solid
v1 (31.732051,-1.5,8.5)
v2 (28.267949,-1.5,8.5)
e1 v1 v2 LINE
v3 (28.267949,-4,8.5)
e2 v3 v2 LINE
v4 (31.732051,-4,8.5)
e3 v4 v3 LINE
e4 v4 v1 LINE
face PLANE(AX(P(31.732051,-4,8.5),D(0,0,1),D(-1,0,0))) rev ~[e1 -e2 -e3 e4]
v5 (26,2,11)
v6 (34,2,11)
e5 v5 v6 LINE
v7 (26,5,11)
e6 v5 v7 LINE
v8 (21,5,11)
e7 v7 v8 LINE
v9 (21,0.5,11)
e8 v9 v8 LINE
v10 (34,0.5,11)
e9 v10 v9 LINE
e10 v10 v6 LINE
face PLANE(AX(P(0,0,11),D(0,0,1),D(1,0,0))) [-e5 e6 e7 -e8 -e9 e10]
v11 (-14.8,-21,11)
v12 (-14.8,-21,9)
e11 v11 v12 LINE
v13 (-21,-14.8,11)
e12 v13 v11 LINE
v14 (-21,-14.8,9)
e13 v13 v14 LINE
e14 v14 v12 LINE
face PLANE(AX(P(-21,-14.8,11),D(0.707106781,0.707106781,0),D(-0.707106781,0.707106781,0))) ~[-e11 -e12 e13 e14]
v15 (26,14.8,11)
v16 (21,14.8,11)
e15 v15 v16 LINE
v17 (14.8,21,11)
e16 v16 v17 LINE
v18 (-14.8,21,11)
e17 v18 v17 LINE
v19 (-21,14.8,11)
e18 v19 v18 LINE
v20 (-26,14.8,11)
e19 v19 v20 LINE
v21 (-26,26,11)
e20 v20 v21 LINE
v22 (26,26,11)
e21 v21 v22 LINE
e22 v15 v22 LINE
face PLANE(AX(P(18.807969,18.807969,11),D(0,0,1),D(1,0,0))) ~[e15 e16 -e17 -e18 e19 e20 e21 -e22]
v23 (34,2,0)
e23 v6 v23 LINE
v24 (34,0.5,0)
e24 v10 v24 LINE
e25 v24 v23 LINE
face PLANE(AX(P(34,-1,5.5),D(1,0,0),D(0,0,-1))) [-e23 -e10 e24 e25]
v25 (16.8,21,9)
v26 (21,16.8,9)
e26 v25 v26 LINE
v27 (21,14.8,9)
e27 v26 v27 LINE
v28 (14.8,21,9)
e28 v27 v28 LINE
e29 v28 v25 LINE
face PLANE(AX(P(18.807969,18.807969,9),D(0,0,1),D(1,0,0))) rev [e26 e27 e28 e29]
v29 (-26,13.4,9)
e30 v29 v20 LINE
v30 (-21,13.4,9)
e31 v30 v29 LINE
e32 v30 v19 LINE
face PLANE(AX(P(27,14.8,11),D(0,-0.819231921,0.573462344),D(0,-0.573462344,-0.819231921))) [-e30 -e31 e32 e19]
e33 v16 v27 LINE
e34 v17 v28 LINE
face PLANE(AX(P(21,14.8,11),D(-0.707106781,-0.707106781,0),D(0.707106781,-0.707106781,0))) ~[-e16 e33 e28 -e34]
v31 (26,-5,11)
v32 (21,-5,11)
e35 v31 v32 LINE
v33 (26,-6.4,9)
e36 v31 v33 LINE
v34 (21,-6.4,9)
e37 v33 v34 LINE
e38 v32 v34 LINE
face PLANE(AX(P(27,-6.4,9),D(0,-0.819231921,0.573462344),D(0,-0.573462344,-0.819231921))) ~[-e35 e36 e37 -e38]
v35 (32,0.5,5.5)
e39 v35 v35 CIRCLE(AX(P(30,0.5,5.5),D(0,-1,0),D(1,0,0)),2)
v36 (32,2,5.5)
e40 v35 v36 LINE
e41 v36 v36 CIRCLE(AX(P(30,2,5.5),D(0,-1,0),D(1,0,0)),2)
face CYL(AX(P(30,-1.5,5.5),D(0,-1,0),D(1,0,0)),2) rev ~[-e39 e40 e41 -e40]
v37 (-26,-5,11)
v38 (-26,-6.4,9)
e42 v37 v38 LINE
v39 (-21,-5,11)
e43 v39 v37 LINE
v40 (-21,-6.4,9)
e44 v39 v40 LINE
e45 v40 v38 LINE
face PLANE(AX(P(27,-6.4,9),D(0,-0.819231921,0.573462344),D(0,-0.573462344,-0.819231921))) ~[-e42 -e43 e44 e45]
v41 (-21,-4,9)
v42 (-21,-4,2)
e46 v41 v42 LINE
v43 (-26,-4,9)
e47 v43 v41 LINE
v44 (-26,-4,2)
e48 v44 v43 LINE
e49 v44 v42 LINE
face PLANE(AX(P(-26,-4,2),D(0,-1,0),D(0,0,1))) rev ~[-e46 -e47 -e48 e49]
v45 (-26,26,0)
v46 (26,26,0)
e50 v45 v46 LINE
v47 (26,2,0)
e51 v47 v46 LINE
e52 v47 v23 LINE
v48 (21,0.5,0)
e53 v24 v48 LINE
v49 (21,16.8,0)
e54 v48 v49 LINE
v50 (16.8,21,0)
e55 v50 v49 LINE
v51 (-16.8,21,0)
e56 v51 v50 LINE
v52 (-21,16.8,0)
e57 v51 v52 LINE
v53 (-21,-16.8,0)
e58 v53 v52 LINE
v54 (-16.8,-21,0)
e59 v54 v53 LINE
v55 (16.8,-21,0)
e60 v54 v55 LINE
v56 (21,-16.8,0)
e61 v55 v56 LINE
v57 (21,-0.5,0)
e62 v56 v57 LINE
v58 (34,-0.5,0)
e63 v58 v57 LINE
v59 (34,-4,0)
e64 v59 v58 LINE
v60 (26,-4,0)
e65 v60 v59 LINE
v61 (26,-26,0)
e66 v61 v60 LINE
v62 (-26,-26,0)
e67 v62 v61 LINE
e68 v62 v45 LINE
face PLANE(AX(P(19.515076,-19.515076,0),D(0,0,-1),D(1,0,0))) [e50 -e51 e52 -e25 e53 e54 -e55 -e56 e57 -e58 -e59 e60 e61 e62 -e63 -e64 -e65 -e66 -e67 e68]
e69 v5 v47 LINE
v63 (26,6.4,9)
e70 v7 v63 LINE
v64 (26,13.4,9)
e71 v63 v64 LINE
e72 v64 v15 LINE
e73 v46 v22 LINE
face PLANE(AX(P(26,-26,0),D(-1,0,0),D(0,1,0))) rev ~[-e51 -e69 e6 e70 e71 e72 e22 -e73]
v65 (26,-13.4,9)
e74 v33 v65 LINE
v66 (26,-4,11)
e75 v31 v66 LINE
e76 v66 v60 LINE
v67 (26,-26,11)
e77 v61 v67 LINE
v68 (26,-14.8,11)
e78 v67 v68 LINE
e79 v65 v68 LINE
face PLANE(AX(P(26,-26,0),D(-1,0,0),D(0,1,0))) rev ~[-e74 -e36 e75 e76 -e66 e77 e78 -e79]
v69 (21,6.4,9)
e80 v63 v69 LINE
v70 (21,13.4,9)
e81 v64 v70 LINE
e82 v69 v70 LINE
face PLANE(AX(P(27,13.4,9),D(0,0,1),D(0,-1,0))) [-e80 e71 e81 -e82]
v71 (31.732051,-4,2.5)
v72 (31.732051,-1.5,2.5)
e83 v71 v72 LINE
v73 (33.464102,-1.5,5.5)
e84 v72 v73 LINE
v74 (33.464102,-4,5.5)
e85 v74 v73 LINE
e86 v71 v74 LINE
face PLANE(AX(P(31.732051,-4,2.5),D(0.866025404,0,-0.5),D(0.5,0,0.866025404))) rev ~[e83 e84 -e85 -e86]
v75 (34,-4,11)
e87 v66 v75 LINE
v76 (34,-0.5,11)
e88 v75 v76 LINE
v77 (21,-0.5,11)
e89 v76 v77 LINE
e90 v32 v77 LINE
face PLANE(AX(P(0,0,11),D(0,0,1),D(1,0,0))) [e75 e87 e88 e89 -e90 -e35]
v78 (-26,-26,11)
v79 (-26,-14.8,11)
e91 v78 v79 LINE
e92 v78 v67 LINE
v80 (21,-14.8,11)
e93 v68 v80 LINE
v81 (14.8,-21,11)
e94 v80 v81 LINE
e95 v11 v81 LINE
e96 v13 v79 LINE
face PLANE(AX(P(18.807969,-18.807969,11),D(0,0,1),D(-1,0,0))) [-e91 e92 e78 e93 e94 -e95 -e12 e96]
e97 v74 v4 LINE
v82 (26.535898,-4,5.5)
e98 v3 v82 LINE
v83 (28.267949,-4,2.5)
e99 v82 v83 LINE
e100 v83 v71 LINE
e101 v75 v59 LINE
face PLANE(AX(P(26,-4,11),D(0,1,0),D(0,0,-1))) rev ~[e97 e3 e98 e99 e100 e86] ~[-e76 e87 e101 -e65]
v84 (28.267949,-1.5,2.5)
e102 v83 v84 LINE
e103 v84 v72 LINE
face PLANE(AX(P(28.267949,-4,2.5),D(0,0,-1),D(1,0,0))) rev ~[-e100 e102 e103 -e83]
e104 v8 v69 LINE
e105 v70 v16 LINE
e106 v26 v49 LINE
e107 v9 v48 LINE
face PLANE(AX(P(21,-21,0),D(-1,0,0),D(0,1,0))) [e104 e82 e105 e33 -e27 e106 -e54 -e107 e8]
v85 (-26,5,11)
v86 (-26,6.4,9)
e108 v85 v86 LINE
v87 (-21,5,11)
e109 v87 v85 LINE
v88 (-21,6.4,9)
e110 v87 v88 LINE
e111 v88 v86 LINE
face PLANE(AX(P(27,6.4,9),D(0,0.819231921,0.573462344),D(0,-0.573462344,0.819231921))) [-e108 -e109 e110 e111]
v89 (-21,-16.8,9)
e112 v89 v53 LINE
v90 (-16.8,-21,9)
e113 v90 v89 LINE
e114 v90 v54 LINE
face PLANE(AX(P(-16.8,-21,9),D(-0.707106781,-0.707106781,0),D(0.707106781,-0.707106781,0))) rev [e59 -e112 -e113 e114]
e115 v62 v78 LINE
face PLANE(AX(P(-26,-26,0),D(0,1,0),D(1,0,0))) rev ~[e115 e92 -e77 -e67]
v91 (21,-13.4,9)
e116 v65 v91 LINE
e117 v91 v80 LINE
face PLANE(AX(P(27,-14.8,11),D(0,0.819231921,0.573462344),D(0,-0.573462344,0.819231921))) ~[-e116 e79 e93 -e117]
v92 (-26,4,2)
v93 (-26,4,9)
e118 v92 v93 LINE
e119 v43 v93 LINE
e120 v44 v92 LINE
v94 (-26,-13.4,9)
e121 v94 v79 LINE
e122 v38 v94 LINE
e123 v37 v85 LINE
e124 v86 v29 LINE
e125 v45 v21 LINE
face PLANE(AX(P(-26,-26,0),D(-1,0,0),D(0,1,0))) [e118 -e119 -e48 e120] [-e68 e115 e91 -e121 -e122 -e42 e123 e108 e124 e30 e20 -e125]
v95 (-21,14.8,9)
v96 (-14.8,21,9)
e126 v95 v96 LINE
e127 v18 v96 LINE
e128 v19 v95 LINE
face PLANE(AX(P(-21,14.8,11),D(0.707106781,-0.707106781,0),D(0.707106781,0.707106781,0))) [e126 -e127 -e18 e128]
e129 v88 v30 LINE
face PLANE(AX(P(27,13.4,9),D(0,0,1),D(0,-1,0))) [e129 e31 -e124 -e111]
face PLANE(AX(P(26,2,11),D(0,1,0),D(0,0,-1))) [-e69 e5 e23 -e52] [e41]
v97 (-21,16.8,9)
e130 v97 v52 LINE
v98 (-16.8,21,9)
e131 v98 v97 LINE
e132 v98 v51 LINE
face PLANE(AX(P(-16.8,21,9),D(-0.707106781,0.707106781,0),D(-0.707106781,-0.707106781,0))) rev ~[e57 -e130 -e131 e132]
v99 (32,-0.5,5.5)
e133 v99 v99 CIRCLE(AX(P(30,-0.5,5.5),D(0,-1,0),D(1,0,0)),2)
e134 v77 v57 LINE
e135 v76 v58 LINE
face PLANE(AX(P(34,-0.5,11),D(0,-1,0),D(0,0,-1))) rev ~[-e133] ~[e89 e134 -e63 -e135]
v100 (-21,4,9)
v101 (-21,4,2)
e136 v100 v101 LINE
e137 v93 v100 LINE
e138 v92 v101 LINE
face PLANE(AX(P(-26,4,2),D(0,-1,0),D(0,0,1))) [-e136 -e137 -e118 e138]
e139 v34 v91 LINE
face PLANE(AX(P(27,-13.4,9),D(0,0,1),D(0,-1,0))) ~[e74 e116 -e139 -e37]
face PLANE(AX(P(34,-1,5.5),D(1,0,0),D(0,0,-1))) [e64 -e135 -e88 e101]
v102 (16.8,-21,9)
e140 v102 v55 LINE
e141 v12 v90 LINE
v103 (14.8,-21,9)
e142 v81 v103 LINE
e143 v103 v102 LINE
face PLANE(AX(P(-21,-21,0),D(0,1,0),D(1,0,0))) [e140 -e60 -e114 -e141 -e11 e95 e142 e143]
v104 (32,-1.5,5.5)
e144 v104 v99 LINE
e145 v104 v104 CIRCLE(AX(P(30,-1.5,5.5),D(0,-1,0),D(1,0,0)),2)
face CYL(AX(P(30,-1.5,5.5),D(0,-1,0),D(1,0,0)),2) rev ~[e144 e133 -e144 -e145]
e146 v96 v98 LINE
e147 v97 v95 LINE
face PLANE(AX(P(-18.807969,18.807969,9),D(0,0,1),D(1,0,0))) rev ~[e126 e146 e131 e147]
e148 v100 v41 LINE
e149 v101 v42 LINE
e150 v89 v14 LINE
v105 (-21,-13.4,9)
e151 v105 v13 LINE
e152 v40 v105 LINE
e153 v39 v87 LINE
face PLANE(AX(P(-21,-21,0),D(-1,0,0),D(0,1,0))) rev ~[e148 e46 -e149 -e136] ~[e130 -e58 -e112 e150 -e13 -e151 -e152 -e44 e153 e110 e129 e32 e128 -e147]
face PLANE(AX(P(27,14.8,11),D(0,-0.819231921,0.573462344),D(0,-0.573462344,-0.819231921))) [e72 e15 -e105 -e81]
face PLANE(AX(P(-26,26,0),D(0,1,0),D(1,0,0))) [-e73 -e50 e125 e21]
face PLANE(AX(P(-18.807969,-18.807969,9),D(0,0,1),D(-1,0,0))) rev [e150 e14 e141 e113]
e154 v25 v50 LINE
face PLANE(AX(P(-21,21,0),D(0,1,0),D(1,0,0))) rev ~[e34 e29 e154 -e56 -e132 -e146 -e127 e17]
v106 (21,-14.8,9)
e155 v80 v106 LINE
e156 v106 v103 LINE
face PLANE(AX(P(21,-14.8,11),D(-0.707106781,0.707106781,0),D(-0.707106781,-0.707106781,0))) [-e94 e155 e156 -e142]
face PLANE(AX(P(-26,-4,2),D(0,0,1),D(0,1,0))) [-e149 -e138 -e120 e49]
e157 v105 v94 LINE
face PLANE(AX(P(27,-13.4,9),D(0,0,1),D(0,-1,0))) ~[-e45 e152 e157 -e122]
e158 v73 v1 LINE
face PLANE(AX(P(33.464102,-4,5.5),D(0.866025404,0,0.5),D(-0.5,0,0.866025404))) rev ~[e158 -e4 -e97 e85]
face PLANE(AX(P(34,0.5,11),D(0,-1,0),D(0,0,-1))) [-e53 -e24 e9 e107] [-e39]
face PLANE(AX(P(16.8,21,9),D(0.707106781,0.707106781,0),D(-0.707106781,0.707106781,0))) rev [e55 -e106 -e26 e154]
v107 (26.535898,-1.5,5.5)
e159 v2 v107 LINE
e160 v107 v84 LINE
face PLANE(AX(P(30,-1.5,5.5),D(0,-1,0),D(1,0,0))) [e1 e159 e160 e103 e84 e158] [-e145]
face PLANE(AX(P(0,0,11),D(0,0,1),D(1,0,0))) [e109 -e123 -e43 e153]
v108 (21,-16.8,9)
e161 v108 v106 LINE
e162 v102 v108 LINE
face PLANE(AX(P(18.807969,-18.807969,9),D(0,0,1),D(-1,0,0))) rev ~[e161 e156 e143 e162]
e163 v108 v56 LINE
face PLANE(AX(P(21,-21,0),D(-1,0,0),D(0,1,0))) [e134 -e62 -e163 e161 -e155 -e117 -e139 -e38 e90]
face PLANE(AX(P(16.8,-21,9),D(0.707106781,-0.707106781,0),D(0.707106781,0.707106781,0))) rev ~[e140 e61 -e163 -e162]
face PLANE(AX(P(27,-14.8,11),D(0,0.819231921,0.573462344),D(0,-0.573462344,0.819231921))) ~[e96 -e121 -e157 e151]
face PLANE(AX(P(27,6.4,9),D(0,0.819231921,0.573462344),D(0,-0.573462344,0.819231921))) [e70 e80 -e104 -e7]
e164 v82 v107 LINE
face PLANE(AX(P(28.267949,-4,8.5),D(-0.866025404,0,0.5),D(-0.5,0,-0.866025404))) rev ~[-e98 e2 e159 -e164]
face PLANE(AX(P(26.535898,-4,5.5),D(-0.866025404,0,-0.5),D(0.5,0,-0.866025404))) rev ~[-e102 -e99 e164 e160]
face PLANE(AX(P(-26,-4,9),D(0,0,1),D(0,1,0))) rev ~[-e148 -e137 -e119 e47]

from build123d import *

# Parameters (mm, degrees)
ESQUISSE1_W             = 52
ESQUISSE1_H             = 52
ESQUISSE1_W_2           = 42
ESQUISSE1_H_2           = 42
BOSS_EXTRU_1_DEPTH      = 11
ENL_V_START             = -53
ENL_V_MAT_EXTRU_1_DEPTH = 54
BOSS_EXTRU_2_DEPTH      = 2
BOSS_EXTRU_3_DEPTH      = 9
SYM_TRIE3_COPY_1_DEPTH  = 2
SYM_TRIE3_COPY_2_DEPTH  = 9
ENL_V_MAT_EXTRU_2_REACH = 54
ESQUISSE4_W             = 7
ESQUISSE4_H             = 8
ESQUISSE7_W             = 11
ESQUISSE7_H             = 6
BOSS_EXTRU_4_DEPTH      = 8
ENL_V_MAT_EXTRU_3_REACH = 62
ESQUISSE8_W             = 11
ESQUISSE8_H             = 1
ENL_V_MAT_EXTRU_4_DEPTH = 2.5
ESQUISSE10_R            = 2
ENL_V_MAT_EXTRU_5_DEPTH = 3.5


with BuildPart() as part:
    # Esquisse1 → Boss.-Extru.1 (new body)
    with BuildSketch(Plane.XY):
        Rectangle(ESQUISSE1_W, ESQUISSE1_H)
        Rectangle(ESQUISSE1_W_2, ESQUISSE1_H_2, mode=Mode.SUBTRACT)
    extrude(amount=BOSS_EXTRU_1_DEPTH)

    # Esquisse2 → Enlèv. mat.-Extru.1 (cut)
    with BuildSketch(Plane.ZY.offset(26).offset(ENL_V_START)):
        Polygon((88.428613369, 69.000029358), (11, 14.8), (9, 13.4), (9, 6.4), (11, 5), (88.428613369, -49.200029358), (277.455948436, -49.200029358), (277.455948436, 69.000029358), align=None)
    enl_v_mat_extru_1 = extrude(amount=ENL_V_MAT_EXTRU_1_DEPTH, mode=Mode.SUBTRACT)

    # Symétrie1: Enlèv. mat.-Extru.1 across plane
    add(enl_v_mat_extru_1.mirror(Plane.ZX), mode=Mode.SUBTRACT)

    # Esquisse3 → Boss.-Extru.2 (add)
    with BuildSketch(Plane.XY.offset(11)):
        Polygon((-21, 14.8), (-14.8, 21), (-21, 21), align=None)
    boss_extru_2 = extrude(amount=-BOSS_EXTRU_2_DEPTH)

    # Esquisse6 → Boss.-Extru.3 (add)
    with BuildSketch(Plane(origin=(0, 0, 9), x_dir=(-1, 0, 0), z_dir=(0, 0, -1))):
        Polygon((21, 21), (16.8, 21), (21, 16.8), align=None)
    boss_extru_3 = extrude(amount=BOSS_EXTRU_3_DEPTH)

    # Symétrie2: Boss.-Extru.2, Boss.-Extru.3 across plane
    add(boss_extru_2.mirror(Plane(origin=(0, 0, 0), x_dir=(0, 0, 1), z_dir=(1, 0, 0))))
    add(boss_extru_3.mirror(Plane(origin=(0, 0, 0), x_dir=(0, 0, 1), z_dir=(1, 0, 0))))

    # Symétrie3: Boss.-Extru.2, Boss.-Extru.3 across plane
    add(boss_extru_2.mirror(Plane.ZX))
    add(boss_extru_3.mirror(Plane.ZX))

    # Symétrie3 copy 1 sketch → Symétrie3 copy 1 (add)
    with BuildSketch(Plane(origin=(0, 0, 11), x_dir=(-1, 0, 0), z_dir=(0, 0, 1))):
        Polygon((-21, 14.8), (-14.8, 21), (-21, 21), align=None)
    extrude(amount=-SYM_TRIE3_COPY_1_DEPTH)

    # Symétrie3 copy 2 sketch → Symétrie3 copy 2 (add)
    with BuildSketch(Plane(origin=(0, 0, 9), x_dir=(1, 0, 0), z_dir=(0, 0, -1))):
        Polygon((21, 21), (16.8, 21), (21, 16.8), align=None)
    extrude(amount=SYM_TRIE3_COPY_2_DEPTH)

    # Esquisse4 → Enlèv. mat.-Extru.2 (cut, up to next)
    with BuildSketch(Plane.ZY.offset(26), mode=Mode.PRIVATE) as enl_v_mat_extru_2_sk1:
        with Locations((5.5, 0)):
            Rectangle(ESQUISSE4_W, ESQUISSE4_H)
    enl_v_mat_extru_2_tool1 = extrude(enl_v_mat_extru_2_sk1.sketch, amount=-ENL_V_MAT_EXTRU_2_REACH, mode=Mode.PRIVATE) & part.part
    add(enl_v_mat_extru_2_tool1.solids().sort_by_distance((-26, 0, 5.5))[0], mode=Mode.SUBTRACT)

    # Esquisse7 → Boss.-Extru.4 (add)
    with BuildSketch(Plane(origin=(26, 0, 0), x_dir=(0, 0, -1), z_dir=(1, 0, 0))):
        with Locations((-5.5, -1)):
            Rectangle(ESQUISSE7_W, ESQUISSE7_H)
    extrude(amount=BOSS_EXTRU_4_DEPTH)

    # Esquisse8 → Enlèv. mat.-Extru.3 (cut, up to next)
    with BuildSketch(Plane(origin=(34, 0, 0), x_dir=(0, 0, -1), z_dir=(1, 0, 0)), mode=Mode.PRIVATE) as enl_v_mat_extru_3_sk1:
        with Locations((-5.5, 0)):
            Rectangle(ESQUISSE8_W, ESQUISSE8_H)
    enl_v_mat_extru_3_tool1 = extrude(enl_v_mat_extru_3_sk1.sketch, amount=-ENL_V_MAT_EXTRU_3_REACH, mode=Mode.PRIVATE) & part.part
    add(enl_v_mat_extru_3_tool1.solids().sort_by_distance((34, 0, 5.5))[0], mode=Mode.SUBTRACT)

    # Esquisse9 → Enlèv. mat.-Extru.4 (cut)
    with BuildSketch(Plane.XZ.offset(4)):
        Polygon((33.464101615, 5.5), (31.732050808, 8.5), (28.267949192, 8.5), (26.535898385, 5.5), (28.267949192, 2.5), (31.732050808, 2.5), align=None)
    extrude(amount=-ENL_V_MAT_EXTRU_4_DEPTH, mode=Mode.SUBTRACT)

    # Esquisse10 → Enlèv. mat.-Extru.5 (cut)
    with BuildSketch(Plane.XZ.offset(1.5)):
        with Locations((30, 5.5)):
            Circle(ESQUISSE10_R)
    extrude(amount=-ENL_V_MAT_EXTRU_5_DEPTH, mode=Mode.SUBTRACT)


solid = part.part
